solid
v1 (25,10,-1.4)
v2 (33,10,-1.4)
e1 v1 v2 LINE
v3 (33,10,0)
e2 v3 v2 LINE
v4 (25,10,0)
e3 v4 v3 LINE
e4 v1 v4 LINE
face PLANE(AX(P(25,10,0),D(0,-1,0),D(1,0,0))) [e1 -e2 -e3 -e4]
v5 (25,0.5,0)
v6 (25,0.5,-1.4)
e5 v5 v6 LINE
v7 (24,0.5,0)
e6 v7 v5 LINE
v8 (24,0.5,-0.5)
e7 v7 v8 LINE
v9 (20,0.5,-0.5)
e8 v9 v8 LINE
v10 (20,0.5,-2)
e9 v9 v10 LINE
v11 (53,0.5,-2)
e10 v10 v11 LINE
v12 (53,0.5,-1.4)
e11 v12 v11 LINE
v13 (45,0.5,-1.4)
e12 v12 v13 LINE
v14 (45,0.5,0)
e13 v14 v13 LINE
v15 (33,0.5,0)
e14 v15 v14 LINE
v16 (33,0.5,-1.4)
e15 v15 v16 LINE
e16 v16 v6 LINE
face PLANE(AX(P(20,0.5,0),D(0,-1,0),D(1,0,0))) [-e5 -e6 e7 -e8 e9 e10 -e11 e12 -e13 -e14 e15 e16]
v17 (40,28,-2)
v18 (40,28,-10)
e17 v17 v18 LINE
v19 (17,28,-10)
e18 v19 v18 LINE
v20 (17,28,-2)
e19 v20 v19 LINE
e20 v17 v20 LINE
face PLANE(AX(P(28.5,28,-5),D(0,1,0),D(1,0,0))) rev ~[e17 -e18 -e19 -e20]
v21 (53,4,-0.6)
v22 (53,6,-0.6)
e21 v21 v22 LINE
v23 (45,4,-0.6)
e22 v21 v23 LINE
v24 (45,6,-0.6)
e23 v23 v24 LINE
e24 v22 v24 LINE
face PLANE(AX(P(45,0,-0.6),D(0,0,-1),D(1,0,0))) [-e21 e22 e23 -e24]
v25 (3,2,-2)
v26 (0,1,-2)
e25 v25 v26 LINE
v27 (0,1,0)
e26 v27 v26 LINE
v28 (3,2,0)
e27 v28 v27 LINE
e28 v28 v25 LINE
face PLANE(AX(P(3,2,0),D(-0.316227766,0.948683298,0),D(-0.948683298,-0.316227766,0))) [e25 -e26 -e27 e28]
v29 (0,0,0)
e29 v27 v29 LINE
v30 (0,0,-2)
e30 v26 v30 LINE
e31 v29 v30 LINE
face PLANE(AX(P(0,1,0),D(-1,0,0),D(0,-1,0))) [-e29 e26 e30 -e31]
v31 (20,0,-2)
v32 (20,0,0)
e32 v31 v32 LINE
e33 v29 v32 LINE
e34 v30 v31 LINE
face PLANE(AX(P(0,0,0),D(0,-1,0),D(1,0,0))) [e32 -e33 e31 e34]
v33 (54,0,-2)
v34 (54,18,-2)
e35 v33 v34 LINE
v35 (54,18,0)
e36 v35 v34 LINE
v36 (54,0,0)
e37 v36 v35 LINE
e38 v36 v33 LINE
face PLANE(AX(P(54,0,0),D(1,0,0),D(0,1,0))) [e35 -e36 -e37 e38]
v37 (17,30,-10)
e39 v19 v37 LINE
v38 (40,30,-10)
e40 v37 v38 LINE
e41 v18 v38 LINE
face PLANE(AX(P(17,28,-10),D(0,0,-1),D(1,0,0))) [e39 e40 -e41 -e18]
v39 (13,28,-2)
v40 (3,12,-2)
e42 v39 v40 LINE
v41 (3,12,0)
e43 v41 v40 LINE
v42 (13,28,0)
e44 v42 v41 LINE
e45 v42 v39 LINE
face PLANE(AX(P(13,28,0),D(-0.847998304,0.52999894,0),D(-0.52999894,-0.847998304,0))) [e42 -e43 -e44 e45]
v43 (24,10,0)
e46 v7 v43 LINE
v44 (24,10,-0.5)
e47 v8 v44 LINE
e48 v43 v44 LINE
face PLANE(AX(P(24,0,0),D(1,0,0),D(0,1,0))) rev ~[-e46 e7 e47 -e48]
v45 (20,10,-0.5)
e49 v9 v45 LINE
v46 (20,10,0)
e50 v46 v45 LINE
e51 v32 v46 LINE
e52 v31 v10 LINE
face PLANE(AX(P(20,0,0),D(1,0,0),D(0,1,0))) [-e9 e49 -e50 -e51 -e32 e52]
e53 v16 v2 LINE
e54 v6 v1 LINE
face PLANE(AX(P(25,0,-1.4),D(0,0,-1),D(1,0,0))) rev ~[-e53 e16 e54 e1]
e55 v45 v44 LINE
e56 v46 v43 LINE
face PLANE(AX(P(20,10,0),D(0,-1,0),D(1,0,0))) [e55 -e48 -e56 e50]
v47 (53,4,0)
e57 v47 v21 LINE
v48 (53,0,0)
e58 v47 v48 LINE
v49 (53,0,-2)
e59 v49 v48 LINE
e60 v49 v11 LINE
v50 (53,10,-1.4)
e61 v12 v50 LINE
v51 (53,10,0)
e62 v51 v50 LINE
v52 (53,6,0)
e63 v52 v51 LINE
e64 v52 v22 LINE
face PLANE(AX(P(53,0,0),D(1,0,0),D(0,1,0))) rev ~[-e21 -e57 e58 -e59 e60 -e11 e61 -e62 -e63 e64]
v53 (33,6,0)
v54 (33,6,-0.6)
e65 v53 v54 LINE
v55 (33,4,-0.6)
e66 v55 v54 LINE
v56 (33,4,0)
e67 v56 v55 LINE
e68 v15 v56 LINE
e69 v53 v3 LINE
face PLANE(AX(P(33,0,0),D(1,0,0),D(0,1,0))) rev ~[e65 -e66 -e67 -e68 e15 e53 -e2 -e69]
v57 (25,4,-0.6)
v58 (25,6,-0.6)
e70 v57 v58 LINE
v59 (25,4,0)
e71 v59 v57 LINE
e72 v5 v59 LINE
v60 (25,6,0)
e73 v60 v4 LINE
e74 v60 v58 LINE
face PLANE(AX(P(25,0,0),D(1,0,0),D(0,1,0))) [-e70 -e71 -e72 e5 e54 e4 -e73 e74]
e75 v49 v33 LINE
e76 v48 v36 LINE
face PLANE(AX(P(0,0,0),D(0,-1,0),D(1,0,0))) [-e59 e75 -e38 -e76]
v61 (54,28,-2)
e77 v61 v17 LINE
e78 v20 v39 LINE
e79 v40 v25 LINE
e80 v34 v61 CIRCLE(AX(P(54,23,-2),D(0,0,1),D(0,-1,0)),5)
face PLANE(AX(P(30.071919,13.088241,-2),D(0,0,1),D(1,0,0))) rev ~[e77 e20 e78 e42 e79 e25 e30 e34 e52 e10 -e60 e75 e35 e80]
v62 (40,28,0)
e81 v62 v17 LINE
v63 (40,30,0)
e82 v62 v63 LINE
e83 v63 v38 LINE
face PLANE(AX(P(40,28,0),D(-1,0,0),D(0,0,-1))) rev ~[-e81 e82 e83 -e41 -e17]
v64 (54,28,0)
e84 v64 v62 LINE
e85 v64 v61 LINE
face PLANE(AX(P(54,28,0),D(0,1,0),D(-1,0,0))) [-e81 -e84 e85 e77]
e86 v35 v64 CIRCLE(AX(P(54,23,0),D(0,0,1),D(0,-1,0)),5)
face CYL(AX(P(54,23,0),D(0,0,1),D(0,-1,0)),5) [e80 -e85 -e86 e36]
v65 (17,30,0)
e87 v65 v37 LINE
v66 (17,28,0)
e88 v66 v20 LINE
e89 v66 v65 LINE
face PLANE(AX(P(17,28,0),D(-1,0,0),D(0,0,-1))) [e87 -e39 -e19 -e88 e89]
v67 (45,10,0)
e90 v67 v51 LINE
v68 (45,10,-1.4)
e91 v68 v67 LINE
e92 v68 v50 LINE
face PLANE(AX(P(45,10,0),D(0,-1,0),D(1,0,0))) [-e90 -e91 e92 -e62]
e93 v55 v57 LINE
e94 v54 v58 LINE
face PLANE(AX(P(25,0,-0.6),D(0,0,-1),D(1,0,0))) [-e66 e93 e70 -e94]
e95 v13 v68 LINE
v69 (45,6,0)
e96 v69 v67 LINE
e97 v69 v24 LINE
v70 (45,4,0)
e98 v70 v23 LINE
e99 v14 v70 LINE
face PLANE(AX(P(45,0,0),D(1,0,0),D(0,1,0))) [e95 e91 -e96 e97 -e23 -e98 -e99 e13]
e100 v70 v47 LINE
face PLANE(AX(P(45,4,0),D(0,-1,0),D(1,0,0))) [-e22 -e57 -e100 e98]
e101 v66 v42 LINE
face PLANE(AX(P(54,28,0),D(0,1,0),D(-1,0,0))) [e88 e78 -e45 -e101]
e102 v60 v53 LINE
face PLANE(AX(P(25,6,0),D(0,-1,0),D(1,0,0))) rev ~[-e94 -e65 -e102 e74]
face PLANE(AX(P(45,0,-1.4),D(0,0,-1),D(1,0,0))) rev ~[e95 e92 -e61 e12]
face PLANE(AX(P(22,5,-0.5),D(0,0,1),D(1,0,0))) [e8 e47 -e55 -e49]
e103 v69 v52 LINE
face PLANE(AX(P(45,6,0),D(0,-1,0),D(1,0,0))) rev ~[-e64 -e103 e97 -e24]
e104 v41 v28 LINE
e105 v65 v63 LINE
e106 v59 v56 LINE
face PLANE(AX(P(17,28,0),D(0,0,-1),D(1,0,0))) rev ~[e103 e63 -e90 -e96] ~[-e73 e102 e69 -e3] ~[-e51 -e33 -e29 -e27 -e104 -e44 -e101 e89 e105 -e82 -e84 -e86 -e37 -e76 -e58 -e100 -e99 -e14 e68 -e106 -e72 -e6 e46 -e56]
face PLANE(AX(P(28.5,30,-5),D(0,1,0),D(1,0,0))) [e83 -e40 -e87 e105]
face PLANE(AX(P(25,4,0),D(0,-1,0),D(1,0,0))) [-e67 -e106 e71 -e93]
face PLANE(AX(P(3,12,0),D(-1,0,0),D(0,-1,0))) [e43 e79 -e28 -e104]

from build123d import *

# Parameters (mm, degrees)
MAINPLATE_DEPTH               = 2
TOPPLATE_W                    = 23
TOPPLATE_H                    = 10
BOSS_EXTRUDE6_DEPTH           = 2
SKETCH7_W                     = 8
SKETCH7_H                     = 0.8
SLOTSFORMETALTABS_DEPTH       = 10
SKETCH8_W                     = 8
SKETCH8_H                     = 4
ACCESSHOLESFORMETALTABS_DEPTH = 1
SKETCH9_W                     = 4
SKETCH9_H                     = 10
CUT_EXTRUDE3_DEPTH            = 0.5
SKETCH10_W                    = 33
SKETCH10_H                    = 0.5
CUT_EXTRUDE4_DEPTH            = 11


with BuildPart() as part:
    # Sketch1 → MainPlate (new body)
    with BuildSketch(Plane.XY):
        with BuildLine():
            Line((0, 0), (54, 0))
            Line((54, 0), (54, 18))
            ThreePointArc((54, 18), (59, 23), (54, 28))
            Line((54, 28), (13, 28))
            Line((13, 28), (3, 12))
            Line((3, 12), (3, 2))
            Line((3, 2), (0, 1))
            Line((0, 1), (0, 0))
        make_face()
    extrude(amount=-MAINPLATE_DEPTH)

    # TopPlate → Boss-Extrude6 (add)
    with BuildSketch(Plane(origin=(0, 28, 0), x_dir=(1, 0, 0), z_dir=(0, 1, 0))):
        with Locations((28.5, 5)):
            Rectangle(TOPPLATE_W, TOPPLATE_H)
    extrude(amount=BOSS_EXTRUDE6_DEPTH)

    # Sketch7 → SlotsForMetalTabs (cut)
    with BuildSketch(Plane.XZ):
        with Locations((49, -1)):
            Rectangle(SKETCH7_W, SKETCH7_H)
        with Locations((29, -1)):
            Rectangle(SKETCH7_W, SKETCH7_H)
    extrude(amount=-SLOTSFORMETALTABS_DEPTH, mode=Mode.SUBTRACT)

    # Sketch8 → AccessHolesForMetalTabs (cut)
    with BuildSketch(Plane.XY):
        with Locations((49, 8)):
            Rectangle(SKETCH8_W, SKETCH8_H)
        with Locations((49, 2)):
            Rectangle(SKETCH8_W, SKETCH8_H)
        with Locations((29, 2)):
            Rectangle(SKETCH8_W, SKETCH8_H)
        with Locations((29, 8)):
            Rectangle(SKETCH8_W, SKETCH8_H)
    extrude(amount=-ACCESSHOLESFORMETALTABS_DEPTH, mode=Mode.SUBTRACT)

    # Sketch9 → Cut-Extrude3 (cut)
    with BuildSketch(Plane.XY):
        with Locations((22, 5)):
            Rectangle(SKETCH9_W, SKETCH9_H)
    extrude(amount=-CUT_EXTRUDE3_DEPTH, mode=Mode.SUBTRACT)

    # Sketch10 → Cut-Extrude4 (cut, through all)
    with BuildSketch(Plane.XY):
        with Locations((36.5, 0.25)):
            Rectangle(SKETCH10_W, SKETCH10_H)
    extrude(amount=-CUT_EXTRUDE4_DEPTH, mode=Mode.SUBTRACT)


solid = part.part
